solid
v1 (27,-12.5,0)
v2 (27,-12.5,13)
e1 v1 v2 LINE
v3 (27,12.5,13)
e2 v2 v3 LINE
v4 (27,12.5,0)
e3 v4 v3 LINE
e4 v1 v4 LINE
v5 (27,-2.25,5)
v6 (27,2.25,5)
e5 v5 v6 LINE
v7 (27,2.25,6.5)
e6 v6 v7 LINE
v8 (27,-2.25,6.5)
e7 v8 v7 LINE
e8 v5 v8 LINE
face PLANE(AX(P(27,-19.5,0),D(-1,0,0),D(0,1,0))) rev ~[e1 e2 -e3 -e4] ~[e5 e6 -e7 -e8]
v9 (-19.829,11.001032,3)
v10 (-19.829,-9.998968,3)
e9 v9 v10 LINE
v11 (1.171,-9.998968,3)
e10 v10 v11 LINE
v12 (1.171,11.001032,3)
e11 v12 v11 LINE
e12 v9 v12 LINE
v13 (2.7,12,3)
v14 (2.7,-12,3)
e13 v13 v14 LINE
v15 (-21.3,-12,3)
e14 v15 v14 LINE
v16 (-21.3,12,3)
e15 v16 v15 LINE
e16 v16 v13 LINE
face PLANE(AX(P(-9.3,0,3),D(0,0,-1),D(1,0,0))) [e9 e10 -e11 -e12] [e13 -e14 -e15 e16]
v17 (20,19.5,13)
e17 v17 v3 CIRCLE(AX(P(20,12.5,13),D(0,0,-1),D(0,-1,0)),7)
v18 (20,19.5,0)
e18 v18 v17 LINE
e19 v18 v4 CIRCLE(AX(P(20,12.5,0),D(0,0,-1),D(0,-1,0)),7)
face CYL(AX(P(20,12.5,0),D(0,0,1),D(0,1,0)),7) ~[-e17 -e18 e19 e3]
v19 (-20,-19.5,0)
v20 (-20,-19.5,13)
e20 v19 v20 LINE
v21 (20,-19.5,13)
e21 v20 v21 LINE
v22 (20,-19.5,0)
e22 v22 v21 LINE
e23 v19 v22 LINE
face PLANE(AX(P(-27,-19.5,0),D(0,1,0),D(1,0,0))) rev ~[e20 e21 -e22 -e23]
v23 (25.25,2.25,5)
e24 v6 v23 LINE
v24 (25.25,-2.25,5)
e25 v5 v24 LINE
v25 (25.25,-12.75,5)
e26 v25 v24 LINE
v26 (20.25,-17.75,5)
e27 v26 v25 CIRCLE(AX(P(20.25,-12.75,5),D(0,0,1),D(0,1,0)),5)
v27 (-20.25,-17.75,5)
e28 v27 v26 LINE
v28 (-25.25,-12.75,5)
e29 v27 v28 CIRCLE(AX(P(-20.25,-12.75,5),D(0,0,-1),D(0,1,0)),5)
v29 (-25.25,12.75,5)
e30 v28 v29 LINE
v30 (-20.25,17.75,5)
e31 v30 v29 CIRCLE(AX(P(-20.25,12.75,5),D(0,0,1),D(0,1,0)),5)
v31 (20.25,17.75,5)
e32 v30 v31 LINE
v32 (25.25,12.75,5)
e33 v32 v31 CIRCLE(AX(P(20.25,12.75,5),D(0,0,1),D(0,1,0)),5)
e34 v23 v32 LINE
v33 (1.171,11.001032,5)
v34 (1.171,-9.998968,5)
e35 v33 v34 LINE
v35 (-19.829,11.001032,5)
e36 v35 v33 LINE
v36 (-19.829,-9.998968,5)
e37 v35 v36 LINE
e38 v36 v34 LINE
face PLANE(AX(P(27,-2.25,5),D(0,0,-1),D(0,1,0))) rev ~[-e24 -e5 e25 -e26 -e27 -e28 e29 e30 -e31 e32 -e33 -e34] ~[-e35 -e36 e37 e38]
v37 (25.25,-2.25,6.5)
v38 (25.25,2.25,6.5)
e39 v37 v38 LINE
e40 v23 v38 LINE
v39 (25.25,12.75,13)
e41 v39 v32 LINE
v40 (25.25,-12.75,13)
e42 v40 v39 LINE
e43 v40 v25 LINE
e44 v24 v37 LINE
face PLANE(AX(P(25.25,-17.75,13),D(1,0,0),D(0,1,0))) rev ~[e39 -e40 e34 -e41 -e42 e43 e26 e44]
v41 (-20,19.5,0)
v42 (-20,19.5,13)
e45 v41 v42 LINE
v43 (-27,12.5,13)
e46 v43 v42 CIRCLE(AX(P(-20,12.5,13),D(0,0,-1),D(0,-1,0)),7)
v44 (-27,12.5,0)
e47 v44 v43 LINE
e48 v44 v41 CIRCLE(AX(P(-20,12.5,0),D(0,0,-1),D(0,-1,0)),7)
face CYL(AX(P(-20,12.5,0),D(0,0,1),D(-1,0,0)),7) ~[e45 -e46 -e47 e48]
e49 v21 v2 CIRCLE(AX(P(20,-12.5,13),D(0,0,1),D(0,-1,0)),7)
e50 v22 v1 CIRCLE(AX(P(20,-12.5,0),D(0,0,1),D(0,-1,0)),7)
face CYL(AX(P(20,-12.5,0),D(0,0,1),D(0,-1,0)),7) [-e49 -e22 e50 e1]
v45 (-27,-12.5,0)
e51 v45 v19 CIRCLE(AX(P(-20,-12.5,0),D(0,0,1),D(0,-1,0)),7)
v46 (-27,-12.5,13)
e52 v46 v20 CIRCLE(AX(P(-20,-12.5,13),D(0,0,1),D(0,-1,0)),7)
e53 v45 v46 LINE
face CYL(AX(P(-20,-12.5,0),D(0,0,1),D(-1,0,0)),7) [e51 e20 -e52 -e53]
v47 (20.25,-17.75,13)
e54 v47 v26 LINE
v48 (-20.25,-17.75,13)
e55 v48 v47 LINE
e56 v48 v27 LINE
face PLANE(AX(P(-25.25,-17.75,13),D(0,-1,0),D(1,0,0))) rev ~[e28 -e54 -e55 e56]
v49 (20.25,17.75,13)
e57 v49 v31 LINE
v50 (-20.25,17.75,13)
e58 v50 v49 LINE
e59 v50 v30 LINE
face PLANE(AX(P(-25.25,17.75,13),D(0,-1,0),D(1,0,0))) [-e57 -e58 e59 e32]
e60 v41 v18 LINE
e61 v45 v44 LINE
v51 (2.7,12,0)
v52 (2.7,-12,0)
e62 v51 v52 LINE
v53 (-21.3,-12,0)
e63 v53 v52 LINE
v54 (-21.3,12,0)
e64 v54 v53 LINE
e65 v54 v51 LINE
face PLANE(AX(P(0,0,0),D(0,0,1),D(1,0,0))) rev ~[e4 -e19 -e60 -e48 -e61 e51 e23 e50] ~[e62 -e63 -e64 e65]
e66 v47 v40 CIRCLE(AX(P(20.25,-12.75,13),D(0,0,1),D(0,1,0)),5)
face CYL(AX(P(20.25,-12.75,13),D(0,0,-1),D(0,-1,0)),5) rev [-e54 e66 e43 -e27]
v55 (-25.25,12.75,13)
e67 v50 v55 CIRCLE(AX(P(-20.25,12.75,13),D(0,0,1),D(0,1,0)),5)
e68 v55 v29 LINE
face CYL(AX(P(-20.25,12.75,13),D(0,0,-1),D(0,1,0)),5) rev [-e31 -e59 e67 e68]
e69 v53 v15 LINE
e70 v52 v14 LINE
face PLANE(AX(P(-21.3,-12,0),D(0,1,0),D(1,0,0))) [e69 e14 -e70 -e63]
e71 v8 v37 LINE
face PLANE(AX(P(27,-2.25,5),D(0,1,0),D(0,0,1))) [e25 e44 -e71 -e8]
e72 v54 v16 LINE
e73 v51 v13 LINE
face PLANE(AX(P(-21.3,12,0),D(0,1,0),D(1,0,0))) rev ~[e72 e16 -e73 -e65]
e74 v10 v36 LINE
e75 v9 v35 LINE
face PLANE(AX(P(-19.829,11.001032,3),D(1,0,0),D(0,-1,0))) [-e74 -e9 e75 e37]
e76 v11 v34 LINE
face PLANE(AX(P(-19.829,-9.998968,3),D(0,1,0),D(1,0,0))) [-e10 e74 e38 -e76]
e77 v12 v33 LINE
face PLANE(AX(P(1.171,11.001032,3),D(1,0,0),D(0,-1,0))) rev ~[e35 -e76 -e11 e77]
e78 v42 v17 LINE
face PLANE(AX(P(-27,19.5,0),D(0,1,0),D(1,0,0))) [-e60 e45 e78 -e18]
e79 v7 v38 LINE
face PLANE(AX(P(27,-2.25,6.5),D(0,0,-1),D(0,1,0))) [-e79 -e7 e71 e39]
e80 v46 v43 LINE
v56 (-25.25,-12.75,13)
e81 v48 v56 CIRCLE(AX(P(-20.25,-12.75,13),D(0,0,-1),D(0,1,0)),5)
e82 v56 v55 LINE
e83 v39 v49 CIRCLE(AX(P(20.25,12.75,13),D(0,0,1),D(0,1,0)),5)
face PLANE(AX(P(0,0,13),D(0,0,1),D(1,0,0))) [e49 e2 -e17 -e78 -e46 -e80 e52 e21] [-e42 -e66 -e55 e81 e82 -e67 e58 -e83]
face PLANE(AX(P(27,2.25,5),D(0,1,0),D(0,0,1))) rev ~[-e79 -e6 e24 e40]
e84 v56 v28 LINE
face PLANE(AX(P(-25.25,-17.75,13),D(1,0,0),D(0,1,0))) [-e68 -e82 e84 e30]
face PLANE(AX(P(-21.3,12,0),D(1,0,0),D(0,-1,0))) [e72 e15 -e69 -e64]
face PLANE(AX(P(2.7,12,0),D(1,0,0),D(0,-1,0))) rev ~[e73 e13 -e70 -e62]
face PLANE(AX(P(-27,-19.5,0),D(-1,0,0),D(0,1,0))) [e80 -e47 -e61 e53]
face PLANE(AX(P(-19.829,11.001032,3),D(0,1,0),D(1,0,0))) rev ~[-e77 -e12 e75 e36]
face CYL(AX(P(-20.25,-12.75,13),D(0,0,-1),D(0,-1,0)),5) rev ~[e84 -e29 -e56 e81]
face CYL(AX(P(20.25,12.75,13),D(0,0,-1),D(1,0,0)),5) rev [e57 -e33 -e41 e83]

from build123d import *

# Parameters (mm, degrees)
F0_W      = 54
F0_H      = 39
F1_DEPTH  = 13
F2_W      = 50.5
F2_H      = 35.5
F3_DEPTH  = 8
F4_W      = 24
F4_H      = 24
F5_DEPTH  = 3
F6_W      = 21
F6_H      = 21
F7_DEPTH  = 2
F8_R      = 5
F9_R      = 7
F10_W     = 4.5
F10_H     = 1.5
F11_DEPTH = 1.75


with BuildPart() as f1:
    # F0 (on Top) → F1 (new body)
    with BuildSketch(Plane.XY):
        Rectangle(F0_W, F0_H)
    extrude(amount=F1_DEPTH)

    # F2 (on face) → F3 (cut)
    with BuildSketch(Plane.XY.offset(13)):
        Rectangle(F2_W, F2_H)
    extrude(amount=-F3_DEPTH, mode=Mode.SUBTRACT)

    # F4 (on face) → F5 (cut)
    with BuildSketch(Plane(origin=(0, 0, 0), x_dir=(1, 0, 0), z_dir=(0, 0, -1))):
        with Locations((-9.3, 0)):
            Rectangle(F4_W, F4_H)
    extrude(amount=-F5_DEPTH, mode=Mode.SUBTRACT)

    # F6 (on face) → F7 (cut)
    with BuildSketch(Plane(origin=(0, 0, 3), x_dir=(1, 0, 0), z_dir=(0, 0, -1))):
        with Locations((-9.329, -0.501032)):
            Rectangle(F6_W, F6_H)
    extrude(amount=-F7_DEPTH, mode=Mode.SUBTRACT)

    # F8
    f8_edges = [f1.edges().sort_by_distance(p)[0] for p in [
        (-25.25, 17.75, 9),
        (25.25, 17.75, 9),
        (-25.25, -17.75, 9),
        (25.25, -17.75, 9),
    ]]
    fillet(f8_edges, radius=F8_R)

    # F9
    f9_edges = [f1.edges().sort_by_distance(p)[0] for p in [
        (-27, 19.5, 6.5),
        (-27, -19.5, 6.5),
        (27, 19.5, 6.5),
        (27, -19.5, 6.5),
    ]]
    fillet(f9_edges, radius=F9_R)

    # F10 (on face) → F11 (cut)
    with BuildSketch(Plane.YZ.offset(27)):
        with Locations((0, 5.75)):
            Rectangle(F10_W, F10_H)
    extrude(amount=-F11_DEPTH, mode=Mode.SUBTRACT)


solid = f1.part
